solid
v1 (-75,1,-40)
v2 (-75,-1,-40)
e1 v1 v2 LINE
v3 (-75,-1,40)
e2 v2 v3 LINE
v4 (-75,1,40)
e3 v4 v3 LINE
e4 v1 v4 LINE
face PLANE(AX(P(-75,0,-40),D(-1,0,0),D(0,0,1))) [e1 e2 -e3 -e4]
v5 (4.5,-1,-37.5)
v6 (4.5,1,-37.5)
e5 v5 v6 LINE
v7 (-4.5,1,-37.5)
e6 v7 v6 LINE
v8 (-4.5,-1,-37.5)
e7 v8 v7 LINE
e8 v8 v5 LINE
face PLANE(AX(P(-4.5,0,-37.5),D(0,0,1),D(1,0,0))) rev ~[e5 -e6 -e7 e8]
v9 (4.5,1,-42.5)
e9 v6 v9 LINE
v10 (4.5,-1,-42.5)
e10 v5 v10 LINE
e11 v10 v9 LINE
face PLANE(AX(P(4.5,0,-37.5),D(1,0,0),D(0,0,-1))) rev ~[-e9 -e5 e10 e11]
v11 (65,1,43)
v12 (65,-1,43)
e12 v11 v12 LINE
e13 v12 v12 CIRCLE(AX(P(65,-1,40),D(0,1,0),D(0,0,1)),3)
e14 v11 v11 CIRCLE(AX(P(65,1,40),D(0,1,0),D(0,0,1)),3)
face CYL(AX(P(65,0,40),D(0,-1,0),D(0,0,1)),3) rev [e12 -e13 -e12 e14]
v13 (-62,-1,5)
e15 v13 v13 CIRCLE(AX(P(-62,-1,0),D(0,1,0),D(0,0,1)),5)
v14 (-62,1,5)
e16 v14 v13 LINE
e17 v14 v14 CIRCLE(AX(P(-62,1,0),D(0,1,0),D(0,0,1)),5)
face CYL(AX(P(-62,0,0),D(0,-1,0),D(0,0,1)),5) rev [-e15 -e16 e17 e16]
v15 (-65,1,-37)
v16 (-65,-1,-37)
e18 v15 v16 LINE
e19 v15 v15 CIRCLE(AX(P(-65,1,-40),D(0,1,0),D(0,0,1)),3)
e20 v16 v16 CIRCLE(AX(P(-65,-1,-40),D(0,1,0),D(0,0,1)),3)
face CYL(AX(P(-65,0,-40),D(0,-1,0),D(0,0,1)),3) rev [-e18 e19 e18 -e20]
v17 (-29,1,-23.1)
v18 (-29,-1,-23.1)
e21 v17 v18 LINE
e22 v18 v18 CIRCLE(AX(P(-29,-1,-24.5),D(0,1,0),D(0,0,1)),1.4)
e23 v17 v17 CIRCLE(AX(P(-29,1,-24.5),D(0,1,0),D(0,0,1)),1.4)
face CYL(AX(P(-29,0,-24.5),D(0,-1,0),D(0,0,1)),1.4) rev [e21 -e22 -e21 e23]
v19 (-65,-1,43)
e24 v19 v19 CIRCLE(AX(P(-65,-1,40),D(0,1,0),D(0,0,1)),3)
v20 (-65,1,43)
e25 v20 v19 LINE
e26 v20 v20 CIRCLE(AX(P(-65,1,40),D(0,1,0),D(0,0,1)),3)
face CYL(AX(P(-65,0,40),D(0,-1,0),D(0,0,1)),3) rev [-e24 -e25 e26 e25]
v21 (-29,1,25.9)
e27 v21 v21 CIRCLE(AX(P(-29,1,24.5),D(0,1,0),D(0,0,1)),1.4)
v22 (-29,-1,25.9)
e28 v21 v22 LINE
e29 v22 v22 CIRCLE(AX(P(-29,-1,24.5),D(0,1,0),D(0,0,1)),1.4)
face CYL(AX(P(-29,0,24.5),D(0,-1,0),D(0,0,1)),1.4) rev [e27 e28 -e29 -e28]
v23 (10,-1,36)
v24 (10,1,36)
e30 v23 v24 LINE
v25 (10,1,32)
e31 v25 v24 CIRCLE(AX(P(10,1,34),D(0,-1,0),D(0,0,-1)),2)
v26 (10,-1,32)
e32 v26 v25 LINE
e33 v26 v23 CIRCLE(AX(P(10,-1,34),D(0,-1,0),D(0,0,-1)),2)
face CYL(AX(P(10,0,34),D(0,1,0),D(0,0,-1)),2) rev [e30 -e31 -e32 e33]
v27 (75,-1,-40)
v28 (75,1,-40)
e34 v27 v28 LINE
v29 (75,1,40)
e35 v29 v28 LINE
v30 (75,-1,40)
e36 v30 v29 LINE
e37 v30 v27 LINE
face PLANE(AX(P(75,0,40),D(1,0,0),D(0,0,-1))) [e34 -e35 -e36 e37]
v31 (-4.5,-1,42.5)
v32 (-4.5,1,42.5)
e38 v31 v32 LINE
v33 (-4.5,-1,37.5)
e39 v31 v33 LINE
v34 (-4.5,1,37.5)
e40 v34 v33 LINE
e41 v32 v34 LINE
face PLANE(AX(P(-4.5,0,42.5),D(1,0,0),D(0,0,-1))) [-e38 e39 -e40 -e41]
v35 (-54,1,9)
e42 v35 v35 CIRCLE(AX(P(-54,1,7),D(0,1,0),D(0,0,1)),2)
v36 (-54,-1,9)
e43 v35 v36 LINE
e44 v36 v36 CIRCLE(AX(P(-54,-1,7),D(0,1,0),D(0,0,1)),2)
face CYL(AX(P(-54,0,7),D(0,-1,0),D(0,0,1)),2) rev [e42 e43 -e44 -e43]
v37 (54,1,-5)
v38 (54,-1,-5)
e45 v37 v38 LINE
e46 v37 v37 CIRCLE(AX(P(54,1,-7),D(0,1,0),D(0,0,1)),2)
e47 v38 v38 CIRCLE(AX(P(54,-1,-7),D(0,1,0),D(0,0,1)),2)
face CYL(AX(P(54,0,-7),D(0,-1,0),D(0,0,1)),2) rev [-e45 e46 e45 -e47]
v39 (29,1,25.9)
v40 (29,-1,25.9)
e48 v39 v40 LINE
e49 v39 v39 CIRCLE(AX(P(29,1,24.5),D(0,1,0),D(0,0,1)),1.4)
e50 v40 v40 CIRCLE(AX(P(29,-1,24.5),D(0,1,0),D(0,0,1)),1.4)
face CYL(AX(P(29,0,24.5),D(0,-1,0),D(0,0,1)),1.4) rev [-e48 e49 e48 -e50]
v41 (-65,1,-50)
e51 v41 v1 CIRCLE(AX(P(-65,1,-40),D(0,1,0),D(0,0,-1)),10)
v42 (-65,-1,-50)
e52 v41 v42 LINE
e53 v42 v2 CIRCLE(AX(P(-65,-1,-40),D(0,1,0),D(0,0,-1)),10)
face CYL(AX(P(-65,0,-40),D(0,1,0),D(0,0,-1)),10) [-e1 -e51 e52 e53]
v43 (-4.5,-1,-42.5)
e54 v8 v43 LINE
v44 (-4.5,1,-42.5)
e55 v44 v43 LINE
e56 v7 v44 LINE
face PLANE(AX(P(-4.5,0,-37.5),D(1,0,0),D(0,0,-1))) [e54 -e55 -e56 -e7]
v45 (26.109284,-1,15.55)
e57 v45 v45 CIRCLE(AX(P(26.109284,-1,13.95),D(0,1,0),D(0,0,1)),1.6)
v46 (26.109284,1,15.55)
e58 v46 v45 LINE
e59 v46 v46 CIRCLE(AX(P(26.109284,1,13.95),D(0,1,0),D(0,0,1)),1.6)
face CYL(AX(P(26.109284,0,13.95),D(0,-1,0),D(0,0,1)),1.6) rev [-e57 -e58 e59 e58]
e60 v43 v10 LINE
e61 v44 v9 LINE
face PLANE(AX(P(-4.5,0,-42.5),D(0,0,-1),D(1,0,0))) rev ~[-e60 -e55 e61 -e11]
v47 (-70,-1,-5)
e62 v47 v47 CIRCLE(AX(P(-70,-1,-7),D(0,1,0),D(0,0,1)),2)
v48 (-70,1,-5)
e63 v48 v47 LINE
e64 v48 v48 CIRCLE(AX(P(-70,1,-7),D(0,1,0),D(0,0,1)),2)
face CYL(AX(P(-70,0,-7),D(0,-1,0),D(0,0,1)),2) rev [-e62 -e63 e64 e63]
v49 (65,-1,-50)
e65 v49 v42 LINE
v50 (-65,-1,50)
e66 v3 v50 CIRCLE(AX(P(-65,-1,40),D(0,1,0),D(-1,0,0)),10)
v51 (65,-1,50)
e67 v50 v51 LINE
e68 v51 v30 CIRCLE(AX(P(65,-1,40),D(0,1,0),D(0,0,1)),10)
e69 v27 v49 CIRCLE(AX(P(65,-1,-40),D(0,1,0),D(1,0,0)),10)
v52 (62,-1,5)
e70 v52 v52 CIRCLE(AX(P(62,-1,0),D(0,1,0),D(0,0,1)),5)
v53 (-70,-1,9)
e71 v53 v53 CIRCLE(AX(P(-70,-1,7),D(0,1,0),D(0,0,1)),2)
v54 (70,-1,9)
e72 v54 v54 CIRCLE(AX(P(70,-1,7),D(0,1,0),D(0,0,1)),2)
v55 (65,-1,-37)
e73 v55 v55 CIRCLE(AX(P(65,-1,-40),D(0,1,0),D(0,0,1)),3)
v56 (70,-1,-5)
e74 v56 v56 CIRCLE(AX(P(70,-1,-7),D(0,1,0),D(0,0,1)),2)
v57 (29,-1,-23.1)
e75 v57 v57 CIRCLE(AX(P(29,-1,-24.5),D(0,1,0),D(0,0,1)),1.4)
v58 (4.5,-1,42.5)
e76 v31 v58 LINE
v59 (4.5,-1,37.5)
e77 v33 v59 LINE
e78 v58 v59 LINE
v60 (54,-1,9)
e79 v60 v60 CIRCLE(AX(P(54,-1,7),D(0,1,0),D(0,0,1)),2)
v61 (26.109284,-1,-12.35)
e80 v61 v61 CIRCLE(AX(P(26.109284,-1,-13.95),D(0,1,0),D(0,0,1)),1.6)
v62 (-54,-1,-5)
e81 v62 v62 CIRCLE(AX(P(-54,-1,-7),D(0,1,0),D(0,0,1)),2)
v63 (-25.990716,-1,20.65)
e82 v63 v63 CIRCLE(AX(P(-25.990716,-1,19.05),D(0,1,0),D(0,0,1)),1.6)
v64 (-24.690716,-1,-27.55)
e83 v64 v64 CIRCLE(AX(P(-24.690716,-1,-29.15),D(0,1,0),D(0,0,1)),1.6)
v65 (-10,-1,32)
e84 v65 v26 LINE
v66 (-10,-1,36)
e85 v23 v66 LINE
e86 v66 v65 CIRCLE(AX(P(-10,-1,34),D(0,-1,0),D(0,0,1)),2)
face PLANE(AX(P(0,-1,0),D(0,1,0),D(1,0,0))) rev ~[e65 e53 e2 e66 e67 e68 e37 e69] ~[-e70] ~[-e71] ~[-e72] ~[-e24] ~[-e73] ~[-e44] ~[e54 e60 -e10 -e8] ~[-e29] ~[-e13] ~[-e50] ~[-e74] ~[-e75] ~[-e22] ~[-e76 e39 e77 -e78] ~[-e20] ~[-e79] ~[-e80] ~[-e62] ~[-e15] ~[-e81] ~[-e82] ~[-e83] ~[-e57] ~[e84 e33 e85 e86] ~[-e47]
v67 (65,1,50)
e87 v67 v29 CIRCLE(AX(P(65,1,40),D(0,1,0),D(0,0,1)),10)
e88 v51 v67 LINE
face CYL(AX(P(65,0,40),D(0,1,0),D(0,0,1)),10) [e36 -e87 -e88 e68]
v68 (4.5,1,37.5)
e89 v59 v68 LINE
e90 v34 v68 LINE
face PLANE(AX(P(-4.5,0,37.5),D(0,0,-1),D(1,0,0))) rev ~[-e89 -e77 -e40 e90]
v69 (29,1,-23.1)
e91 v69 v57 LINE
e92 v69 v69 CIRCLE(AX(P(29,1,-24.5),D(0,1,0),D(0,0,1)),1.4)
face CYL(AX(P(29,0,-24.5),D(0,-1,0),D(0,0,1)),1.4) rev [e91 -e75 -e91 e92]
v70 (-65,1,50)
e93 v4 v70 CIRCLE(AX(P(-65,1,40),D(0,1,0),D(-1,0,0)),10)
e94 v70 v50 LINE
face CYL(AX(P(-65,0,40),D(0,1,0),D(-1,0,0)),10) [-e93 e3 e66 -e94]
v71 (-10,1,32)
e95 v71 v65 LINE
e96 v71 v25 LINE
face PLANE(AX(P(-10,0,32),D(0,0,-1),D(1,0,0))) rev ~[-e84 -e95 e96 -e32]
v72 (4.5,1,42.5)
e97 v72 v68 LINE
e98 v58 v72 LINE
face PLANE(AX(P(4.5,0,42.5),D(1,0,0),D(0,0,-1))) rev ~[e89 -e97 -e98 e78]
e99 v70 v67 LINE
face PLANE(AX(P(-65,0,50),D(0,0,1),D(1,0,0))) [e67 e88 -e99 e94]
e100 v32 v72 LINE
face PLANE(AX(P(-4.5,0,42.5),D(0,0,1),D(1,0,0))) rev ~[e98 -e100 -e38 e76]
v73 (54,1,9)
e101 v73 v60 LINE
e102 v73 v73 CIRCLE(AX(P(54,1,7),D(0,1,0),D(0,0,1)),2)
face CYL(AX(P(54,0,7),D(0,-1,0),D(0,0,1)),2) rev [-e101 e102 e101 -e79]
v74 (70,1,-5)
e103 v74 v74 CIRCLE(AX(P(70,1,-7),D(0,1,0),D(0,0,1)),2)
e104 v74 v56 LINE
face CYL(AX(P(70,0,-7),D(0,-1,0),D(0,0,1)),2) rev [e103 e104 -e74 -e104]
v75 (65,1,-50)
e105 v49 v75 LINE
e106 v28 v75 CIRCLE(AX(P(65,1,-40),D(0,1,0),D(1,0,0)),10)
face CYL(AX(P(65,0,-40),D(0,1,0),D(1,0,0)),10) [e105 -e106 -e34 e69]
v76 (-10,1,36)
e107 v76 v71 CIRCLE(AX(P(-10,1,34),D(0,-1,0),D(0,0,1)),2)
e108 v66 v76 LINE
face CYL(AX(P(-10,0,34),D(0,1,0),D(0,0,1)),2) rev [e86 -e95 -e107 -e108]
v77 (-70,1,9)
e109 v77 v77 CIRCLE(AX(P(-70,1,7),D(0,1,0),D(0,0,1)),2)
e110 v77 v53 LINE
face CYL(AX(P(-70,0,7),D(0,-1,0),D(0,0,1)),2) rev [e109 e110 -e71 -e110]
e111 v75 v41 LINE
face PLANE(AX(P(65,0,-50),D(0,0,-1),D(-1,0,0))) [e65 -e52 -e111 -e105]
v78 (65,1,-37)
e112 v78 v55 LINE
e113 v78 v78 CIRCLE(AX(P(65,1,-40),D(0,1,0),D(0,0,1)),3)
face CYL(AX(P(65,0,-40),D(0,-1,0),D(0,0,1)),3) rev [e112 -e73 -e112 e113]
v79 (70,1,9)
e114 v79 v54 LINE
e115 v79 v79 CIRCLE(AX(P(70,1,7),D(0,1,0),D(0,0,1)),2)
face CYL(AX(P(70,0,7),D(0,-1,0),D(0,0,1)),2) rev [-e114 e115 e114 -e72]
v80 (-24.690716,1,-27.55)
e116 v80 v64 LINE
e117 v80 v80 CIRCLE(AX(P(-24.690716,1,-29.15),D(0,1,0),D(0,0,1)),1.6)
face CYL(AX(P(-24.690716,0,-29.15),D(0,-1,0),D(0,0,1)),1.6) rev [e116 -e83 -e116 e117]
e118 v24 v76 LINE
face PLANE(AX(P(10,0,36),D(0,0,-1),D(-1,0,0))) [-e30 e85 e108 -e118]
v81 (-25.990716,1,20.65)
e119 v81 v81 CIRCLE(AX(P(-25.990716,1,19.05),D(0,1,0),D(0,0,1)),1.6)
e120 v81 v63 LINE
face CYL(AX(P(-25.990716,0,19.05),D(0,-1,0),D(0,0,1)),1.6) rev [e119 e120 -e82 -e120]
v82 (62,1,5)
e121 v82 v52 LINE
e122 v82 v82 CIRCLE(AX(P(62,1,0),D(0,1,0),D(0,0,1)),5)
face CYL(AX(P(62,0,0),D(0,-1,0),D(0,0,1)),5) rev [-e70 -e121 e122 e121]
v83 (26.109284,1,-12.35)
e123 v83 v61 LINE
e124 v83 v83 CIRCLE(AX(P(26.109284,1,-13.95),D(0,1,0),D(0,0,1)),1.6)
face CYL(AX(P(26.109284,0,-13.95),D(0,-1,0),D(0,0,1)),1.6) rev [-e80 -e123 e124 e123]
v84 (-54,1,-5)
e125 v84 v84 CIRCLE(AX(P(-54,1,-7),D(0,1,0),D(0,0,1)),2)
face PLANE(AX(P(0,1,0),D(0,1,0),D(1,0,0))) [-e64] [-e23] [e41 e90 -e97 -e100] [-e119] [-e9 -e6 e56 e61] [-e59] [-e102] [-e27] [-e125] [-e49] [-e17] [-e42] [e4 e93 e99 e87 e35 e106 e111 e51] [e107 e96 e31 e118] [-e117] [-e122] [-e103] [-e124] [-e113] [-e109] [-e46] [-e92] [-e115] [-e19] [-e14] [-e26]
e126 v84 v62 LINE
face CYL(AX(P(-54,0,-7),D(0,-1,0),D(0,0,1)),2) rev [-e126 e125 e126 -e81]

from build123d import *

# Parameters (mm, degrees)
SKETCH1_R           = 1.4
SKETCH1_R_2         = 1.6
SKETCH1_R_3         = 3
SKETCH1_R_4         = 5
SKETCH1_R_5         = 2
SKETCH1_W           = 9
SKETCH1_H           = 5
BOSS_EXTRUDE1_DEPTH = 1


with BuildPart() as part:
    # Sketch1 → Boss-Extrude1 (new, symmetric)
    with BuildSketch(Plane(origin=(0, 0, 0), x_dir=(1, 0, 0), z_dir=(0, 1, 0))):
        with BuildLine():
            Line((-65, -50), (65, -50))
            ThreePointArc((65, -50), (72.071067812, -47.071067812), (75, -40))
            Line((75, -40), (75, 40))
            ThreePointArc((75, 40), (72.071067812, 47.071067812), (65, 50))
            Line((65, 50), (-65, 50))
            ThreePointArc((-65, 50), (-72.071067812, 47.071067812), (-75, 40))
            Line((-75, 40), (-75, -40))
            ThreePointArc((-75, -40), (-72.071067812, -47.071067812), (-65, -50))
        make_face()
        with Locations(Location((-29, 24.5, 0), (0, 0, 270))):
            Circle(SKETCH1_R, mode=Mode.SUBTRACT)
        with Locations(Location((29, 24.5, 0), (0, 0, 270))):
            Circle(SKETCH1_R, mode=Mode.SUBTRACT)
        with Locations(Location((-29, -24.5, 0), (0, 0, 270))):
            Circle(SKETCH1_R, mode=Mode.SUBTRACT)
        with Locations(Location((29, -24.5, 0), (0, 0, 270))):
            Circle(SKETCH1_R, mode=Mode.SUBTRACT)
        with Locations(Location((-24.690715768, 29.15, 0), (0, 0, 270))):
            Circle(SKETCH1_R_2, mode=Mode.SUBTRACT)
        with Locations(Location((-25.990715768, -19.05, 0), (0, 0, 270))):
            Circle(SKETCH1_R_2, mode=Mode.SUBTRACT)
        with Locations(Location((26.109284232, 13.95, 0), (0, 0, 270))):
            Circle(SKETCH1_R_2, mode=Mode.SUBTRACT)
        with Locations(Location((26.109284232, -13.95, 0), (0, 0, 270))):
            Circle(SKETCH1_R_2, mode=Mode.SUBTRACT)
        with Locations(Location((-65, 40, 0), (0, 0, 270))):
            Circle(SKETCH1_R_3, mode=Mode.SUBTRACT)
        with Locations(Location((65, 40, 0), (0, 0, 270))):
            Circle(SKETCH1_R_3, mode=Mode.SUBTRACT)
        with Locations(Location((65, -40, 0), (0, 0, 270))):
            Circle(SKETCH1_R_3, mode=Mode.SUBTRACT)
        with Locations(Location((-65, -40, 0), (0, 0, 270))):
            Circle(SKETCH1_R_3, mode=Mode.SUBTRACT)
        with Locations(Location((-62, 0, 0), (0, 0, 270))):
            Circle(SKETCH1_R_4, mode=Mode.SUBTRACT)
        with Locations(Location((-70, 7, 0), (0, 0, 270))):
            Circle(SKETCH1_R_5, mode=Mode.SUBTRACT)
        with Locations(Location((-54, 7, 0), (0, 0, 270))):
            Circle(SKETCH1_R_5, mode=Mode.SUBTRACT)
        with Locations(Location((-54, -7, 0), (0, 0, 270))):
            Circle(SKETCH1_R_5, mode=Mode.SUBTRACT)
        with Locations(Location((-70, -7, 0), (0, 0, 270))):
            Circle(SKETCH1_R_5, mode=Mode.SUBTRACT)
        with Locations(Location((70, -7, 0), (0, 0, 270))):
            Circle(SKETCH1_R_5, mode=Mode.SUBTRACT)
        with Locations(Location((70, 7, 0), (0, 0, 270))):
            Circle(SKETCH1_R_5, mode=Mode.SUBTRACT)
        with Locations(Location((54, -7, 0), (0, 0, 270))):
            Circle(SKETCH1_R_5, mode=Mode.SUBTRACT)
        with Locations(Location((62, 0, 0), (0, 0, 270))):
            Circle(SKETCH1_R_4, mode=Mode.SUBTRACT)
        with Locations(Location((54, 7, 0), (0, 0, 270))):
            Circle(SKETCH1_R_5, mode=Mode.SUBTRACT)
        with Locations((0, 40)):
            Rectangle(SKETCH1_W, SKETCH1_H, mode=Mode.SUBTRACT)
        with Locations((0, -40)):
            Rectangle(SKETCH1_W, SKETCH1_H, mode=Mode.SUBTRACT)
        with BuildLine():
            Line((-10, -32), (10, -32))
            ThreePointArc((10, -32), (12, -34), (10, -36))
            Line((10, -36), (-10, -36))
            ThreePointArc((-10, -36), (-12, -34), (-10, -32))
        make_face(mode=Mode.SUBTRACT)
    extrude(amount=BOSS_EXTRUDE1_DEPTH, both=True)


solid = part.part
